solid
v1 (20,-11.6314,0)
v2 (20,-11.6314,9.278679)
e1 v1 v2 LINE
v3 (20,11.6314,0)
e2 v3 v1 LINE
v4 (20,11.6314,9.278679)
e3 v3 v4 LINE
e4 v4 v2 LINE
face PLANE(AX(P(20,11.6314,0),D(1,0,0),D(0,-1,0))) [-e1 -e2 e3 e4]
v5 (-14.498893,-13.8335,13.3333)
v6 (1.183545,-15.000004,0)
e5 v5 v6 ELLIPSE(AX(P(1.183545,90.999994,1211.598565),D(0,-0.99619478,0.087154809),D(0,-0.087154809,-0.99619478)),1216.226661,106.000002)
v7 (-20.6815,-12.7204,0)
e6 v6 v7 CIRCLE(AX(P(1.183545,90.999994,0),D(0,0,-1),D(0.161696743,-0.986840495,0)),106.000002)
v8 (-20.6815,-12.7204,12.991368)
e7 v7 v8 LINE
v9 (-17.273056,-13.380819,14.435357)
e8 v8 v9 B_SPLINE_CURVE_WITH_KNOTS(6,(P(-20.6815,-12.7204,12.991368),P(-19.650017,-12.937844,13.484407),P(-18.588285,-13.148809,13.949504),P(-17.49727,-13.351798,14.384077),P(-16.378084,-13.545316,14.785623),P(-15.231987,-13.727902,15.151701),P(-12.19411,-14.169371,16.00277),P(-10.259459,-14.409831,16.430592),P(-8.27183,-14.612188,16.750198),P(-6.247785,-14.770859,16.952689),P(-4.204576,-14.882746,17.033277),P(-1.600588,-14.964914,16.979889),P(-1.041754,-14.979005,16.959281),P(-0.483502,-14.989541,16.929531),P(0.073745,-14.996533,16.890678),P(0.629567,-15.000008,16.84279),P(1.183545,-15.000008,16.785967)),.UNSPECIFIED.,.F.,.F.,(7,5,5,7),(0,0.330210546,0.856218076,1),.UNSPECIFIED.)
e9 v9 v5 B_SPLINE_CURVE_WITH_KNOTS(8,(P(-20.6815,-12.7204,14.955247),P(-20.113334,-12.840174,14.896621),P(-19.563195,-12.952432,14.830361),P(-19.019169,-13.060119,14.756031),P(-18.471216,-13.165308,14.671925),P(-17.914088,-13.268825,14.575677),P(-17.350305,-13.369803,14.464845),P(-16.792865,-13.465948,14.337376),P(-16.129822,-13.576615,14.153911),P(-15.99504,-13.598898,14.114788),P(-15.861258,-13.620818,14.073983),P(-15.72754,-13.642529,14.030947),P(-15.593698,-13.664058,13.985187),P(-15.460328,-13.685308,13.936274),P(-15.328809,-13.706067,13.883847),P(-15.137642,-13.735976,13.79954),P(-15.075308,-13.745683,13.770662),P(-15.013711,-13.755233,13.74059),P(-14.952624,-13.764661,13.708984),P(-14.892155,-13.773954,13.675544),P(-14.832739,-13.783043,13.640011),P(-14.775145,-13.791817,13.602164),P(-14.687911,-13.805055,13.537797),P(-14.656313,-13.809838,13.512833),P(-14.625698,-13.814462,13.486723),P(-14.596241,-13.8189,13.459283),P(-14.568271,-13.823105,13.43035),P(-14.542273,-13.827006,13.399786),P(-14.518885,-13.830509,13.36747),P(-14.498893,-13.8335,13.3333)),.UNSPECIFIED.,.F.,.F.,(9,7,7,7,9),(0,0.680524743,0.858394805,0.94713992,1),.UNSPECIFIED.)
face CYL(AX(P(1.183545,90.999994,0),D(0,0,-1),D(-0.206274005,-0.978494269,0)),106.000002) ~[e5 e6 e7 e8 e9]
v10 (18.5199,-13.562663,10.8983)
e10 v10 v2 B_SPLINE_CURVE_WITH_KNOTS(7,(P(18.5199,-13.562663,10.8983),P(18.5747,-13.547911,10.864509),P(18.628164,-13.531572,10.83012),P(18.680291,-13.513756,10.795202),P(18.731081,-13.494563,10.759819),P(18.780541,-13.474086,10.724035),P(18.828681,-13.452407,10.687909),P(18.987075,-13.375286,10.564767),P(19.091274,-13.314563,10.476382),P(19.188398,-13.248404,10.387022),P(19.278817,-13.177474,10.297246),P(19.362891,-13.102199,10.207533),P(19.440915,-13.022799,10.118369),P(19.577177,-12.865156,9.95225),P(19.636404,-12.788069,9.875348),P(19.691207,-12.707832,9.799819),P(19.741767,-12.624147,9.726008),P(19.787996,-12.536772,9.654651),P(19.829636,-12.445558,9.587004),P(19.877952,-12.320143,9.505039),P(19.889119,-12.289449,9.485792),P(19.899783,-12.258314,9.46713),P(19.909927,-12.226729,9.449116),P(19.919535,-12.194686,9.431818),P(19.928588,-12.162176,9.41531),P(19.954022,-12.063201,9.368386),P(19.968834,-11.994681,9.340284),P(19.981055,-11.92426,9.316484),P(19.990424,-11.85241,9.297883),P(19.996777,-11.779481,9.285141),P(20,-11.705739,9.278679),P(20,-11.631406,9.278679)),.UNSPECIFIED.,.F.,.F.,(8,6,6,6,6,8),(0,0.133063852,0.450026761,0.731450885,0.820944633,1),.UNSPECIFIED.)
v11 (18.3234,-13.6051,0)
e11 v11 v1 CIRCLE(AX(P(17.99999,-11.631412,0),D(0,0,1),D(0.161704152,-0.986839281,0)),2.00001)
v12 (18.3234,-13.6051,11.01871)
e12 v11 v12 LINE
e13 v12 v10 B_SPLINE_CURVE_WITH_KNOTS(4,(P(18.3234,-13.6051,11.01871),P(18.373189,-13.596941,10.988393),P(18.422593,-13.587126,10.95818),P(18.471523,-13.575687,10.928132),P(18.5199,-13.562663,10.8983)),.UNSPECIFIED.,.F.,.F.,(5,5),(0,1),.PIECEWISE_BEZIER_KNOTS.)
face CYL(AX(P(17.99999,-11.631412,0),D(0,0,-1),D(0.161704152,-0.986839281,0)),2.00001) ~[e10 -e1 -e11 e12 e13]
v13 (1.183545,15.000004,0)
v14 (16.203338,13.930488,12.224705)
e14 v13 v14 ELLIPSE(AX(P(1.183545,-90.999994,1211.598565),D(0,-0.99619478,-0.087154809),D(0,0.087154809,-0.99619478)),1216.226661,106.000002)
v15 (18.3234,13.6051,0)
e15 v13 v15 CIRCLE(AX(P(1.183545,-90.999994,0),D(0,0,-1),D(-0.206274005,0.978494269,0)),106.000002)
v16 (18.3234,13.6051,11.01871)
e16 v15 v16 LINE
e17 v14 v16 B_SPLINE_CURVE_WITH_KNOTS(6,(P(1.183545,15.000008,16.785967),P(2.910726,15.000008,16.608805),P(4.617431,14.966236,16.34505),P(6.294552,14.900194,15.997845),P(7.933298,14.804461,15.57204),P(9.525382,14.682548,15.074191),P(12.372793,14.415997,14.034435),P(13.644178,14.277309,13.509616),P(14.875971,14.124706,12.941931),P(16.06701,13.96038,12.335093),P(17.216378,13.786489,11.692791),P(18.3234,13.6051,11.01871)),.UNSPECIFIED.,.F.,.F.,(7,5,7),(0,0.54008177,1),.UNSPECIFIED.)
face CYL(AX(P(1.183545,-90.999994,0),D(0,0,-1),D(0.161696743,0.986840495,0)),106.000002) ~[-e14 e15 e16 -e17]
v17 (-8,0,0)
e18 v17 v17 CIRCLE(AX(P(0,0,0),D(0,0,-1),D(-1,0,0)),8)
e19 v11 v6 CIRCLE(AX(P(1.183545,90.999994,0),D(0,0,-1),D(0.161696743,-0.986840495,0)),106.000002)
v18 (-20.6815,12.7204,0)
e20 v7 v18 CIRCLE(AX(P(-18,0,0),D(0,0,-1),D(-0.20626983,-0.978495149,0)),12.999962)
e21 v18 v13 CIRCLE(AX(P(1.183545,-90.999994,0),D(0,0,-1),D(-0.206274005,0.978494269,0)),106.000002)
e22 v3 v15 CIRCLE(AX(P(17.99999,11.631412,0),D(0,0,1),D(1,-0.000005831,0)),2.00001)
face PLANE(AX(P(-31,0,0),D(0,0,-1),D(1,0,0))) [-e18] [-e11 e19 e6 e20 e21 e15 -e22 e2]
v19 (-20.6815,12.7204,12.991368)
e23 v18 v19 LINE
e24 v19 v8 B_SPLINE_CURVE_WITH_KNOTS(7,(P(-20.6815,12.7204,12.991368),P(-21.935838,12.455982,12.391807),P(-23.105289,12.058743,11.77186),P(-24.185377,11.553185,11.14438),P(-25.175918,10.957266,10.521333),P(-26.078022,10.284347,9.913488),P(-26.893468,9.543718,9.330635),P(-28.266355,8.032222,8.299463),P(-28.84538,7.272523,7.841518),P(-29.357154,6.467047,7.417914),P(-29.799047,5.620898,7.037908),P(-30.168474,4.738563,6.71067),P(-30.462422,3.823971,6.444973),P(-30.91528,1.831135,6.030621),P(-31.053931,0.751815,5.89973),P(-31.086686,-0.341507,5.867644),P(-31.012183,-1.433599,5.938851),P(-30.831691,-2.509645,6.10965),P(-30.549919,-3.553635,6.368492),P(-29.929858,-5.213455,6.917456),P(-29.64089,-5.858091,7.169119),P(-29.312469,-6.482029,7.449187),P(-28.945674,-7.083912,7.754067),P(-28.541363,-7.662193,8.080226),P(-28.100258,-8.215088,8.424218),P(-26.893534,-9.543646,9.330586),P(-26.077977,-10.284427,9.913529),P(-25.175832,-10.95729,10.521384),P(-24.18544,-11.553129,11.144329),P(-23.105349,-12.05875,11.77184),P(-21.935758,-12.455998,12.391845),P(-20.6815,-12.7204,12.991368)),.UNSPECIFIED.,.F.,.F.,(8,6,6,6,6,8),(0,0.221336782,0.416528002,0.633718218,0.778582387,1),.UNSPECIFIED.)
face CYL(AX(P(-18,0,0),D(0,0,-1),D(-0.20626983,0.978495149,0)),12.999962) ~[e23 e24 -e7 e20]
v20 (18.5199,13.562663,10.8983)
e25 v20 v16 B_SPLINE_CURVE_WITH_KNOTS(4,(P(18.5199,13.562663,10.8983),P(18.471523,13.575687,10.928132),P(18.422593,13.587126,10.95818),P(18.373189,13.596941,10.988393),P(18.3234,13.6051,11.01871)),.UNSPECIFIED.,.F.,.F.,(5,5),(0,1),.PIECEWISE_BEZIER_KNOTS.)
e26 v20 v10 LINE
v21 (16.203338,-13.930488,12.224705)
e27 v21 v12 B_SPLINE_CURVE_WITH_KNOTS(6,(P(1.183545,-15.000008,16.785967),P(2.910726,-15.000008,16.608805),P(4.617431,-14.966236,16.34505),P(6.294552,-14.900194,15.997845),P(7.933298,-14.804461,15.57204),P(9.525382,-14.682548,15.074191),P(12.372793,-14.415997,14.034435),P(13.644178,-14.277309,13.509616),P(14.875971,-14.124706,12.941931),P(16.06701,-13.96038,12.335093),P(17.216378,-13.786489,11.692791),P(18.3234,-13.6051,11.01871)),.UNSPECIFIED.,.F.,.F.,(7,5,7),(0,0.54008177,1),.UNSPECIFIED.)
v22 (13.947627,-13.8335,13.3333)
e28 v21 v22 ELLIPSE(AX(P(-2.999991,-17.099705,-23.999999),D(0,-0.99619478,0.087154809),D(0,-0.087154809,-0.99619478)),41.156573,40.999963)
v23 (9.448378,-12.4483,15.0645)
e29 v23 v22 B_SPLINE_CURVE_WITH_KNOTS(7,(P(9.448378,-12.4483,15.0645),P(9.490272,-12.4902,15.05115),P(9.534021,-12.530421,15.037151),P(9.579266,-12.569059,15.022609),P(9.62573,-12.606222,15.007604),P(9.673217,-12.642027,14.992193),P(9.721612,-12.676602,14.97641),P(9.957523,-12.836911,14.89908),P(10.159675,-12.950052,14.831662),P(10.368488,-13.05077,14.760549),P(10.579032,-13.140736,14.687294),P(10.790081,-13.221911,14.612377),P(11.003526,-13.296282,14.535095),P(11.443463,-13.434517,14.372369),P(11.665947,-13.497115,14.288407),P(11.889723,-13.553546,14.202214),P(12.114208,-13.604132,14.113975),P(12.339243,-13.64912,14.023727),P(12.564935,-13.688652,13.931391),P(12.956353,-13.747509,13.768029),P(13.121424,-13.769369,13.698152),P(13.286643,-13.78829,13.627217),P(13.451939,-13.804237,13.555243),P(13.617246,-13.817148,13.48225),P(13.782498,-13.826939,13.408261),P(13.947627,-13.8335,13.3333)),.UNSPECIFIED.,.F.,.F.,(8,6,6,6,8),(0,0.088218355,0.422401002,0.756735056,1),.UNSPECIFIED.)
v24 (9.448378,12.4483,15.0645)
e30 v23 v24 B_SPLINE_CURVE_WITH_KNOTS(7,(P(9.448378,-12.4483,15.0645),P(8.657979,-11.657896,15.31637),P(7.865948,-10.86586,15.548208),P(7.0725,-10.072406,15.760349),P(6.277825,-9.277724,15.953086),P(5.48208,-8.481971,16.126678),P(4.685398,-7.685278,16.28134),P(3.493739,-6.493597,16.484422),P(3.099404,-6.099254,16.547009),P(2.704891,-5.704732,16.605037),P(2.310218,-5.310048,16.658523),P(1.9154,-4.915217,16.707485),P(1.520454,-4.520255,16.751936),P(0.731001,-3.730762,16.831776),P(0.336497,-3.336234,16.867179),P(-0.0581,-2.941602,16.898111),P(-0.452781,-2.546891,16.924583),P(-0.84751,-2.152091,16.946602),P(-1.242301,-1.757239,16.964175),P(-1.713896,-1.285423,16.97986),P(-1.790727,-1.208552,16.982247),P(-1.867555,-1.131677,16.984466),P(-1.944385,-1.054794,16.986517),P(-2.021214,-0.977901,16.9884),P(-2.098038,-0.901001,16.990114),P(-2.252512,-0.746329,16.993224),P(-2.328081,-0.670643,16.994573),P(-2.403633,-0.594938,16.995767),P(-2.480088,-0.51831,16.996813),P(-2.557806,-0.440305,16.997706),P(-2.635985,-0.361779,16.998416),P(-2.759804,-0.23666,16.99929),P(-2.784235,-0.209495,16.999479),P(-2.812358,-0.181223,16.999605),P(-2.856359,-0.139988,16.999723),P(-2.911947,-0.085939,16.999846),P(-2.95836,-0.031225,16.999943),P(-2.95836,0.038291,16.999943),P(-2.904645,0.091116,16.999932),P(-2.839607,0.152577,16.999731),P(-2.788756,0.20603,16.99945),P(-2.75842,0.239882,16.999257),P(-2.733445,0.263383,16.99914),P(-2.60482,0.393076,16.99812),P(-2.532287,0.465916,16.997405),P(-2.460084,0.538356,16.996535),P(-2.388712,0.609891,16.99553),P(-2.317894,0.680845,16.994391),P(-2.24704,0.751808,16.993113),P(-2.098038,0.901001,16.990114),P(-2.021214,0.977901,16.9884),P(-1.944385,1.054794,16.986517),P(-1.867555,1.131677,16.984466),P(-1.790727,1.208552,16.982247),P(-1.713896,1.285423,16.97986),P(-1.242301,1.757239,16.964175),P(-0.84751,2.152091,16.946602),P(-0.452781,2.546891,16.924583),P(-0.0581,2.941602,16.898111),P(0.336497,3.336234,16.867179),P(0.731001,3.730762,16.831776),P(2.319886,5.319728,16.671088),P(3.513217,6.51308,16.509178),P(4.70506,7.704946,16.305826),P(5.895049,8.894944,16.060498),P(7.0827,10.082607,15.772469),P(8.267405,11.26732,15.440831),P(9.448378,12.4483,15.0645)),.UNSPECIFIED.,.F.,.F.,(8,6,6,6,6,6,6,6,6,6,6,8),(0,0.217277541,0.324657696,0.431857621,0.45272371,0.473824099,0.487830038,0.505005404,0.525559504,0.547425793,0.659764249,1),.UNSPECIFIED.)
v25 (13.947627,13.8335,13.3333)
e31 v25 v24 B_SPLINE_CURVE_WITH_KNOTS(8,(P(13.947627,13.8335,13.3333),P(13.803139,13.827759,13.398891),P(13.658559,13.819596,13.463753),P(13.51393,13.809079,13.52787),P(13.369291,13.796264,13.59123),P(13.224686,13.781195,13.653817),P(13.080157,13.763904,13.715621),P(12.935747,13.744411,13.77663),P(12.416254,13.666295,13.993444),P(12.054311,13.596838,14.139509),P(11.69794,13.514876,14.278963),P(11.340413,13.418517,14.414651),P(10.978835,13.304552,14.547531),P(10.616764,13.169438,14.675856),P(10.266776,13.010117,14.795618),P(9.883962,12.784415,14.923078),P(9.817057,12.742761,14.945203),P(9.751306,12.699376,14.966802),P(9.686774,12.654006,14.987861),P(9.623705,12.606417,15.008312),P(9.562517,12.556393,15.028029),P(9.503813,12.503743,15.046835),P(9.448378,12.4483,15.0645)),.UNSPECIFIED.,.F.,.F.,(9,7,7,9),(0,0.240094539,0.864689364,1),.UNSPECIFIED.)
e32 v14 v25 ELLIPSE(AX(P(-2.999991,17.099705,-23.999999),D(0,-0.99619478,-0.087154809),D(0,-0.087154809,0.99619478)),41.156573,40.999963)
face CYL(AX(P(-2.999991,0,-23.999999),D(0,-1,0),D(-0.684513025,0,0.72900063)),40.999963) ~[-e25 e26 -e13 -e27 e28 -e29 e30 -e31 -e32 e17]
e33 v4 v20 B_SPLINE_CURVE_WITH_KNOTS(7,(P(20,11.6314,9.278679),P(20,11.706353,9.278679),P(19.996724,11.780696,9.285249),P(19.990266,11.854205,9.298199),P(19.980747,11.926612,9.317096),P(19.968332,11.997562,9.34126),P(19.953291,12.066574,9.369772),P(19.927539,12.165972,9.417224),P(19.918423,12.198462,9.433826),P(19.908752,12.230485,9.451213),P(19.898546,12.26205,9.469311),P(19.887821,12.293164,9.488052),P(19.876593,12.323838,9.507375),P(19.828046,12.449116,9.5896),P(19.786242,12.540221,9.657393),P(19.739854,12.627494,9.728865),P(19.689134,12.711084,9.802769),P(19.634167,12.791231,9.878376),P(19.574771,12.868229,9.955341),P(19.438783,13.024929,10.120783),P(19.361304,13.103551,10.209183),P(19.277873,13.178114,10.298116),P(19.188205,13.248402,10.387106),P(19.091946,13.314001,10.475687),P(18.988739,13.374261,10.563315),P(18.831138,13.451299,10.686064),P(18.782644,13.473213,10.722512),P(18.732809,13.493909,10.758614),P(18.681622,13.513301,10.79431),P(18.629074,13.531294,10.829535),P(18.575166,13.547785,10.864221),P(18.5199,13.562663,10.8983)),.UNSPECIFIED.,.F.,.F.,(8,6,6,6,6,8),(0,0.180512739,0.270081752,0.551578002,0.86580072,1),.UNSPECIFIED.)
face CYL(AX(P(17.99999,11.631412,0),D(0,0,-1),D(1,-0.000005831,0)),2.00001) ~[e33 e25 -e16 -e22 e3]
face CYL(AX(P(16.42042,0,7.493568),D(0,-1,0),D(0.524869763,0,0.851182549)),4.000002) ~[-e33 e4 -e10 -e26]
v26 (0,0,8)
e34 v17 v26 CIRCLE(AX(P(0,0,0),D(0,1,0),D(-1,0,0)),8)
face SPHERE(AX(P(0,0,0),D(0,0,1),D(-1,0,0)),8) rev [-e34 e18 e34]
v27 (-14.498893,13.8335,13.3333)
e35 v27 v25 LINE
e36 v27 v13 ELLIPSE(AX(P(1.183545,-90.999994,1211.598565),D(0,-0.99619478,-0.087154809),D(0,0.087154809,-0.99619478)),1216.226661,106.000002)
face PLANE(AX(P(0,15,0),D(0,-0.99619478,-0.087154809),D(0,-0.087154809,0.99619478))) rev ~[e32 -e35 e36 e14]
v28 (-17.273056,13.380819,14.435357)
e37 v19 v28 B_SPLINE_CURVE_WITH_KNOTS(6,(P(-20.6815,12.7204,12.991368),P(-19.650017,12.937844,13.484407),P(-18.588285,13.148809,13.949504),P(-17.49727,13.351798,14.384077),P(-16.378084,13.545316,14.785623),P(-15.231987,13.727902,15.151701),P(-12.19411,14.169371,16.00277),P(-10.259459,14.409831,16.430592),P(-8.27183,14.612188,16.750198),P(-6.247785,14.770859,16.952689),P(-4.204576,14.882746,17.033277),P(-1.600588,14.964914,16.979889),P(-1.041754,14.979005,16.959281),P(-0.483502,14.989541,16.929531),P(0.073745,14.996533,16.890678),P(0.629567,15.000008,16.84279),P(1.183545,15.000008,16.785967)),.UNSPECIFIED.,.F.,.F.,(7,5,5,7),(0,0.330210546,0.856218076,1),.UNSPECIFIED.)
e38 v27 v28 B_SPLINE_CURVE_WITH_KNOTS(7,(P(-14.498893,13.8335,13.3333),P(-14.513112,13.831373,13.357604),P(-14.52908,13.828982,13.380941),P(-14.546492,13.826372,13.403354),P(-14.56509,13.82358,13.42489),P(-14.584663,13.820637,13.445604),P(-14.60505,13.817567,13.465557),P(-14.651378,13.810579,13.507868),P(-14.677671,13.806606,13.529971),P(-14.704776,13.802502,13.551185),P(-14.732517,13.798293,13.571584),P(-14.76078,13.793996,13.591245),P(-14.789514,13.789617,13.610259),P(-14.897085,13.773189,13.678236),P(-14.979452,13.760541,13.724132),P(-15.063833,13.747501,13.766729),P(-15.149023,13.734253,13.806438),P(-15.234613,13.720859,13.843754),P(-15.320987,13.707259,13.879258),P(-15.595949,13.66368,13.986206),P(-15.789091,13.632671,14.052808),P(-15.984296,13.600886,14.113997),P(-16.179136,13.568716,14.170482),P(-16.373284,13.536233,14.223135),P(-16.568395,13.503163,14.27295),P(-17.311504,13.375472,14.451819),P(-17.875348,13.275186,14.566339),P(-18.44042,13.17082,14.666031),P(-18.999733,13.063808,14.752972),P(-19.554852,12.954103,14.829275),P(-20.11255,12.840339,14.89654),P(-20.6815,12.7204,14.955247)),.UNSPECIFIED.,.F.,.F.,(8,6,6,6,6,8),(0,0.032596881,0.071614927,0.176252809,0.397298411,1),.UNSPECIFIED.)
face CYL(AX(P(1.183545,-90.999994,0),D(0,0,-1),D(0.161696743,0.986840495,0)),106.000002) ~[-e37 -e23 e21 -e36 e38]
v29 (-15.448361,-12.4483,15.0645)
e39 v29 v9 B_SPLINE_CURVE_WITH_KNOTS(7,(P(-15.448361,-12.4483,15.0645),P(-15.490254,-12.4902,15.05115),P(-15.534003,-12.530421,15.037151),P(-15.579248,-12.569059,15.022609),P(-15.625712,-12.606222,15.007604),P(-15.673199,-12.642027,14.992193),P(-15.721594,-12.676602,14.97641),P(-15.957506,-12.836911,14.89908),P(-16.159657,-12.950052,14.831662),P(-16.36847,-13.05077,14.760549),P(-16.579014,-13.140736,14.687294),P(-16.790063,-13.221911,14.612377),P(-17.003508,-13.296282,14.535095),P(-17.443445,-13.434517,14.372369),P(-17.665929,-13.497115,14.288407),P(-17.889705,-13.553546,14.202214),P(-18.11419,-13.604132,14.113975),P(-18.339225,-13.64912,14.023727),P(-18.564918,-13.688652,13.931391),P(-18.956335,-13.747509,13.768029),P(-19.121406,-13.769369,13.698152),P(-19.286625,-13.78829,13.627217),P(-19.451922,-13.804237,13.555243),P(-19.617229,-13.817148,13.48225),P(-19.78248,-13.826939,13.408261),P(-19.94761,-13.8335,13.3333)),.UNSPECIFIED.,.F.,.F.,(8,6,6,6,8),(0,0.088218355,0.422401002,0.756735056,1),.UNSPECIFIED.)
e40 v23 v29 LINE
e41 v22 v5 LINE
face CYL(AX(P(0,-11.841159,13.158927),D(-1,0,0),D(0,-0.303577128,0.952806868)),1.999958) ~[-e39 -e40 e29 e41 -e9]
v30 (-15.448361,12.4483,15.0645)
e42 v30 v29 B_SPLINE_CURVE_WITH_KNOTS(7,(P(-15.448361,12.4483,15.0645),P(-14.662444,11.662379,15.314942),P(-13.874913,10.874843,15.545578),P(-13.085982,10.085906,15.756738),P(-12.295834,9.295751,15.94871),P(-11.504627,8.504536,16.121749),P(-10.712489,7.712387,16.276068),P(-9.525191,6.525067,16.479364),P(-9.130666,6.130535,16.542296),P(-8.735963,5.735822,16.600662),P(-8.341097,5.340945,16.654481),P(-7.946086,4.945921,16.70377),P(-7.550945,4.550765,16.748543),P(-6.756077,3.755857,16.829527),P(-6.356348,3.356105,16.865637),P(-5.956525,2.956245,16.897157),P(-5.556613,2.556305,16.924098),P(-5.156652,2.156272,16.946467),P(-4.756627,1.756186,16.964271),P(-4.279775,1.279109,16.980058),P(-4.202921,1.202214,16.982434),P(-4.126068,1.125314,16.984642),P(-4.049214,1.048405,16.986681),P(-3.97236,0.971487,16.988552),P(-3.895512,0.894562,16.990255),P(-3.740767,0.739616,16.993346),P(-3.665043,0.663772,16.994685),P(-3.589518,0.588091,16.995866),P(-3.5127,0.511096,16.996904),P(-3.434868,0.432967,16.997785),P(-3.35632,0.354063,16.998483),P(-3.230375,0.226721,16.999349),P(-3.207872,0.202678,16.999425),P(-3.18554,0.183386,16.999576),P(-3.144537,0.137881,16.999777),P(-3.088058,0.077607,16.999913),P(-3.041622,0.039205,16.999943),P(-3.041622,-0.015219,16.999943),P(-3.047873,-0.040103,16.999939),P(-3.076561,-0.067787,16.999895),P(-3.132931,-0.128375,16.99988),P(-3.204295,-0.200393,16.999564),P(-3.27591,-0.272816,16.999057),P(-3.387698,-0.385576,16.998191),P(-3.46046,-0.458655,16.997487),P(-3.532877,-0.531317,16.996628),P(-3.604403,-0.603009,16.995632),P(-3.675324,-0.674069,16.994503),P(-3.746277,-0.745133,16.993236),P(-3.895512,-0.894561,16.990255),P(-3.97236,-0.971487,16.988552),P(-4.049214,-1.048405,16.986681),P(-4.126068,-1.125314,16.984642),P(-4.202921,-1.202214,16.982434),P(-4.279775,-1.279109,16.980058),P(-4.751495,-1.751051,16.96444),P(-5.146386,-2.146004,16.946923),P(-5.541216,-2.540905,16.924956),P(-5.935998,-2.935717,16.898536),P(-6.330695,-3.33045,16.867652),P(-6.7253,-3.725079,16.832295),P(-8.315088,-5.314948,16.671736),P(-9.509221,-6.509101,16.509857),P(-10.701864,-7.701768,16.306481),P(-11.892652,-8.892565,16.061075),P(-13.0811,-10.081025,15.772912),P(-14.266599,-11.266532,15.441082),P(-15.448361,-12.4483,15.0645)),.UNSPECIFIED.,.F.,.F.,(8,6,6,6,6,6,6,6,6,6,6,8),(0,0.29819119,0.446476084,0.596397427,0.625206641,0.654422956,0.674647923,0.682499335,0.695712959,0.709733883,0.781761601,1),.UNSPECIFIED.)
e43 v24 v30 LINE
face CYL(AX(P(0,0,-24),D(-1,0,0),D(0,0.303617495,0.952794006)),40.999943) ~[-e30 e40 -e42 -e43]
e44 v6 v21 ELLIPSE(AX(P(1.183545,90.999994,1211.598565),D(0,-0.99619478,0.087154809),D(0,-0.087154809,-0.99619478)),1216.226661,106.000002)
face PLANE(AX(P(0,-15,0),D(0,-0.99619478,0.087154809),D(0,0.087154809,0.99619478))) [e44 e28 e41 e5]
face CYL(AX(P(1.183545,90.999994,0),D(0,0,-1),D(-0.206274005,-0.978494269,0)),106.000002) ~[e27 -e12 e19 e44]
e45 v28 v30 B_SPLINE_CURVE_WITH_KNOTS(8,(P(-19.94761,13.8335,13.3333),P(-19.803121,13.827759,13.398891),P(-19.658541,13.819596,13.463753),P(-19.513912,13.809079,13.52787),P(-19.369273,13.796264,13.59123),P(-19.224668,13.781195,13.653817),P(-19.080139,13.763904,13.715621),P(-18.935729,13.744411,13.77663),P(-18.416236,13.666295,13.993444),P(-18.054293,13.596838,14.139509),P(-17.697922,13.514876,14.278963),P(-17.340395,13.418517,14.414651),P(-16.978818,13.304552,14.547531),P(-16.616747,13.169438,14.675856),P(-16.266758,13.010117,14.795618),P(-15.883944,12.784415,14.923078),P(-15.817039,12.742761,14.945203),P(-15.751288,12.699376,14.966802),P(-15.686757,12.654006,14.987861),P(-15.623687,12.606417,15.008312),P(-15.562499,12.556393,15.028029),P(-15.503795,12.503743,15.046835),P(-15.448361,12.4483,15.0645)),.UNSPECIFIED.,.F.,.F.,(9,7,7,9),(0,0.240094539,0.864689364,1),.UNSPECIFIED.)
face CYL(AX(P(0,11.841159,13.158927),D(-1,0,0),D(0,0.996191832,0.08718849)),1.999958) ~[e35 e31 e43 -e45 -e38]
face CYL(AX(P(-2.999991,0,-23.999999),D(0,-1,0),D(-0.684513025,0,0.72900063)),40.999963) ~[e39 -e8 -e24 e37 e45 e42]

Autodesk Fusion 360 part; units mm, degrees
sketch "草图1" plane through (0, 0, 0) normal (0, 1, 0) x (1, 0, 0)
  line L0 (0, -55) -> (0, 50) construction
  line L1 (-125, 0) -> (125, 0) construction
  line L2 (-31, 0) -> (20, 0)
  circle A0 centre (20, -1) radius 1
  arc A1 (-31.065, -5.889) -> (18.5199, -10.8983) centre (-3, 24) ccw
  line L3 (-31.6884, -4.6053) -> (-31.9962, -1.0872)
  line L4 (20.4052, -7.8422) -> (20.9962, -1.0872)
  line L5 (21, 0) -> (21, -0.6) construction
  line L6 (-32, 0) -> (-32, -0.7) construction
  line L7 (0, -17) -> (10, -17) construction
  arc A2 (-31, 0) -> (-31.9962, -1.0872) centre (-31, -1) ccw
  arc A3 (-31.6884, -4.6053) -> (-31.065, -5.889) centre (-29.696, -4.431) ccw
  arc A4 (-8, 0) -> (8, 0) centre (0, 0) ccw
  arc A5 (18.5199, -10.8983) -> (20.4052, -7.8422) centre (16.4204, -7.4936) ccw
  line L8 (0, -8) -> (0, 0)
  dimension "d1" = 16
  dimension "d2" = 2
  dimension "d3" = 2
  dimension "d4" = 5
  dimension "d5" = 5
  dimension "d6" = 8
  dimension "d7" = 4
  dimension "d8" = 21
  dimension "d9" = 53
  dimension "d10" = 41
  dimension "d11" = 17
  dimension "d12" = 24
  dimension "d13" = 24
extrude "拉伸1" add sketch "草图1" along normal mid plane 30
revolve "旋转1" cut sketch "草图1" angle 360 about axis through (0, 0, 55) along (0, 0, -1) contours L2 A4 L8 picked at (-0.3795, -5.3062)
sketch "草图2" plane through (0, 0, 0) normal (0, 0, 1) x (1, 0, 0)
  line L0 (-31, -15) -> (20, -15)
  line L1 (20, 15) -> (-31, 15)
  arc A0 (18.3234, 13.6051) -> (-20.6815, 12.7204) centre (1.1833, -91) ccw
  arc A1 (-20.6815, -12.7204) -> (18.3234, -13.6051) centre (1.1833, 91) ccw
  line L2 (20, 11.6314) -> (20, -11.6314)
  arc A2 (20, 11.6314) -> (18.3234, 13.6051) centre (18, 11.6314) ccw
  arc A3 (18.3234, -13.6051) -> (20, -11.6314) centre (18, -11.6314) ccw
  arc A4 (-20.6815, 12.7204) -> (-20.6815, -12.7204) centre (-18, 0) ccw
  line L3 (-31, 15) -> (-31, -15) construction
  line L4 (-40, 0) -> (31, 0) construction
  dimension "d17" = 2
  dimension "d18" = 2
  dimension "d19" = 13
  dimension "d20" = 106
  dimension "d21" = 106
extrude "拉伸2" cut sketch "草图2" along normal blind 35 keep common part
sketch "草图3" plane through (0, 0, 0) normal (1, 0, 0) x (0, 1, 0)
  line L0 (-15, 0) -> (15, 0)
  line L1 (15, 0) -> (13.8335, 13.3333)
  line L2 (-15, 0) -> (-13.8335, 13.3333)
  line L3 (0, 45) -> (0, -20) construction
  line L4 (-40, 0) -> (40, 0) construction
  arc A0 (12.4483, 15.0645) -> (-12.4483, 15.0645) centre (0, -24) ccw
  arc A1 (-12.4483, 15.0645) -> (-13.8335, 13.3333) centre (-11.8411, 13.159) ccw
  arc A2 (13.8335, 13.3333) -> (12.4483, 15.0645) centre (11.8411, 13.159) ccw
  line L5 (0, 17) -> (10, 17) construction
  dimension "d24" = 10
  dimension "d25" = 30
  dimension "d26" = 4
  dimension "d27" = 4
  dimension "d28" = 41
  dimension "d29" = 17
extrude "拉伸3" cut sketch "草图3" along normal mid plane 100 keep common part
